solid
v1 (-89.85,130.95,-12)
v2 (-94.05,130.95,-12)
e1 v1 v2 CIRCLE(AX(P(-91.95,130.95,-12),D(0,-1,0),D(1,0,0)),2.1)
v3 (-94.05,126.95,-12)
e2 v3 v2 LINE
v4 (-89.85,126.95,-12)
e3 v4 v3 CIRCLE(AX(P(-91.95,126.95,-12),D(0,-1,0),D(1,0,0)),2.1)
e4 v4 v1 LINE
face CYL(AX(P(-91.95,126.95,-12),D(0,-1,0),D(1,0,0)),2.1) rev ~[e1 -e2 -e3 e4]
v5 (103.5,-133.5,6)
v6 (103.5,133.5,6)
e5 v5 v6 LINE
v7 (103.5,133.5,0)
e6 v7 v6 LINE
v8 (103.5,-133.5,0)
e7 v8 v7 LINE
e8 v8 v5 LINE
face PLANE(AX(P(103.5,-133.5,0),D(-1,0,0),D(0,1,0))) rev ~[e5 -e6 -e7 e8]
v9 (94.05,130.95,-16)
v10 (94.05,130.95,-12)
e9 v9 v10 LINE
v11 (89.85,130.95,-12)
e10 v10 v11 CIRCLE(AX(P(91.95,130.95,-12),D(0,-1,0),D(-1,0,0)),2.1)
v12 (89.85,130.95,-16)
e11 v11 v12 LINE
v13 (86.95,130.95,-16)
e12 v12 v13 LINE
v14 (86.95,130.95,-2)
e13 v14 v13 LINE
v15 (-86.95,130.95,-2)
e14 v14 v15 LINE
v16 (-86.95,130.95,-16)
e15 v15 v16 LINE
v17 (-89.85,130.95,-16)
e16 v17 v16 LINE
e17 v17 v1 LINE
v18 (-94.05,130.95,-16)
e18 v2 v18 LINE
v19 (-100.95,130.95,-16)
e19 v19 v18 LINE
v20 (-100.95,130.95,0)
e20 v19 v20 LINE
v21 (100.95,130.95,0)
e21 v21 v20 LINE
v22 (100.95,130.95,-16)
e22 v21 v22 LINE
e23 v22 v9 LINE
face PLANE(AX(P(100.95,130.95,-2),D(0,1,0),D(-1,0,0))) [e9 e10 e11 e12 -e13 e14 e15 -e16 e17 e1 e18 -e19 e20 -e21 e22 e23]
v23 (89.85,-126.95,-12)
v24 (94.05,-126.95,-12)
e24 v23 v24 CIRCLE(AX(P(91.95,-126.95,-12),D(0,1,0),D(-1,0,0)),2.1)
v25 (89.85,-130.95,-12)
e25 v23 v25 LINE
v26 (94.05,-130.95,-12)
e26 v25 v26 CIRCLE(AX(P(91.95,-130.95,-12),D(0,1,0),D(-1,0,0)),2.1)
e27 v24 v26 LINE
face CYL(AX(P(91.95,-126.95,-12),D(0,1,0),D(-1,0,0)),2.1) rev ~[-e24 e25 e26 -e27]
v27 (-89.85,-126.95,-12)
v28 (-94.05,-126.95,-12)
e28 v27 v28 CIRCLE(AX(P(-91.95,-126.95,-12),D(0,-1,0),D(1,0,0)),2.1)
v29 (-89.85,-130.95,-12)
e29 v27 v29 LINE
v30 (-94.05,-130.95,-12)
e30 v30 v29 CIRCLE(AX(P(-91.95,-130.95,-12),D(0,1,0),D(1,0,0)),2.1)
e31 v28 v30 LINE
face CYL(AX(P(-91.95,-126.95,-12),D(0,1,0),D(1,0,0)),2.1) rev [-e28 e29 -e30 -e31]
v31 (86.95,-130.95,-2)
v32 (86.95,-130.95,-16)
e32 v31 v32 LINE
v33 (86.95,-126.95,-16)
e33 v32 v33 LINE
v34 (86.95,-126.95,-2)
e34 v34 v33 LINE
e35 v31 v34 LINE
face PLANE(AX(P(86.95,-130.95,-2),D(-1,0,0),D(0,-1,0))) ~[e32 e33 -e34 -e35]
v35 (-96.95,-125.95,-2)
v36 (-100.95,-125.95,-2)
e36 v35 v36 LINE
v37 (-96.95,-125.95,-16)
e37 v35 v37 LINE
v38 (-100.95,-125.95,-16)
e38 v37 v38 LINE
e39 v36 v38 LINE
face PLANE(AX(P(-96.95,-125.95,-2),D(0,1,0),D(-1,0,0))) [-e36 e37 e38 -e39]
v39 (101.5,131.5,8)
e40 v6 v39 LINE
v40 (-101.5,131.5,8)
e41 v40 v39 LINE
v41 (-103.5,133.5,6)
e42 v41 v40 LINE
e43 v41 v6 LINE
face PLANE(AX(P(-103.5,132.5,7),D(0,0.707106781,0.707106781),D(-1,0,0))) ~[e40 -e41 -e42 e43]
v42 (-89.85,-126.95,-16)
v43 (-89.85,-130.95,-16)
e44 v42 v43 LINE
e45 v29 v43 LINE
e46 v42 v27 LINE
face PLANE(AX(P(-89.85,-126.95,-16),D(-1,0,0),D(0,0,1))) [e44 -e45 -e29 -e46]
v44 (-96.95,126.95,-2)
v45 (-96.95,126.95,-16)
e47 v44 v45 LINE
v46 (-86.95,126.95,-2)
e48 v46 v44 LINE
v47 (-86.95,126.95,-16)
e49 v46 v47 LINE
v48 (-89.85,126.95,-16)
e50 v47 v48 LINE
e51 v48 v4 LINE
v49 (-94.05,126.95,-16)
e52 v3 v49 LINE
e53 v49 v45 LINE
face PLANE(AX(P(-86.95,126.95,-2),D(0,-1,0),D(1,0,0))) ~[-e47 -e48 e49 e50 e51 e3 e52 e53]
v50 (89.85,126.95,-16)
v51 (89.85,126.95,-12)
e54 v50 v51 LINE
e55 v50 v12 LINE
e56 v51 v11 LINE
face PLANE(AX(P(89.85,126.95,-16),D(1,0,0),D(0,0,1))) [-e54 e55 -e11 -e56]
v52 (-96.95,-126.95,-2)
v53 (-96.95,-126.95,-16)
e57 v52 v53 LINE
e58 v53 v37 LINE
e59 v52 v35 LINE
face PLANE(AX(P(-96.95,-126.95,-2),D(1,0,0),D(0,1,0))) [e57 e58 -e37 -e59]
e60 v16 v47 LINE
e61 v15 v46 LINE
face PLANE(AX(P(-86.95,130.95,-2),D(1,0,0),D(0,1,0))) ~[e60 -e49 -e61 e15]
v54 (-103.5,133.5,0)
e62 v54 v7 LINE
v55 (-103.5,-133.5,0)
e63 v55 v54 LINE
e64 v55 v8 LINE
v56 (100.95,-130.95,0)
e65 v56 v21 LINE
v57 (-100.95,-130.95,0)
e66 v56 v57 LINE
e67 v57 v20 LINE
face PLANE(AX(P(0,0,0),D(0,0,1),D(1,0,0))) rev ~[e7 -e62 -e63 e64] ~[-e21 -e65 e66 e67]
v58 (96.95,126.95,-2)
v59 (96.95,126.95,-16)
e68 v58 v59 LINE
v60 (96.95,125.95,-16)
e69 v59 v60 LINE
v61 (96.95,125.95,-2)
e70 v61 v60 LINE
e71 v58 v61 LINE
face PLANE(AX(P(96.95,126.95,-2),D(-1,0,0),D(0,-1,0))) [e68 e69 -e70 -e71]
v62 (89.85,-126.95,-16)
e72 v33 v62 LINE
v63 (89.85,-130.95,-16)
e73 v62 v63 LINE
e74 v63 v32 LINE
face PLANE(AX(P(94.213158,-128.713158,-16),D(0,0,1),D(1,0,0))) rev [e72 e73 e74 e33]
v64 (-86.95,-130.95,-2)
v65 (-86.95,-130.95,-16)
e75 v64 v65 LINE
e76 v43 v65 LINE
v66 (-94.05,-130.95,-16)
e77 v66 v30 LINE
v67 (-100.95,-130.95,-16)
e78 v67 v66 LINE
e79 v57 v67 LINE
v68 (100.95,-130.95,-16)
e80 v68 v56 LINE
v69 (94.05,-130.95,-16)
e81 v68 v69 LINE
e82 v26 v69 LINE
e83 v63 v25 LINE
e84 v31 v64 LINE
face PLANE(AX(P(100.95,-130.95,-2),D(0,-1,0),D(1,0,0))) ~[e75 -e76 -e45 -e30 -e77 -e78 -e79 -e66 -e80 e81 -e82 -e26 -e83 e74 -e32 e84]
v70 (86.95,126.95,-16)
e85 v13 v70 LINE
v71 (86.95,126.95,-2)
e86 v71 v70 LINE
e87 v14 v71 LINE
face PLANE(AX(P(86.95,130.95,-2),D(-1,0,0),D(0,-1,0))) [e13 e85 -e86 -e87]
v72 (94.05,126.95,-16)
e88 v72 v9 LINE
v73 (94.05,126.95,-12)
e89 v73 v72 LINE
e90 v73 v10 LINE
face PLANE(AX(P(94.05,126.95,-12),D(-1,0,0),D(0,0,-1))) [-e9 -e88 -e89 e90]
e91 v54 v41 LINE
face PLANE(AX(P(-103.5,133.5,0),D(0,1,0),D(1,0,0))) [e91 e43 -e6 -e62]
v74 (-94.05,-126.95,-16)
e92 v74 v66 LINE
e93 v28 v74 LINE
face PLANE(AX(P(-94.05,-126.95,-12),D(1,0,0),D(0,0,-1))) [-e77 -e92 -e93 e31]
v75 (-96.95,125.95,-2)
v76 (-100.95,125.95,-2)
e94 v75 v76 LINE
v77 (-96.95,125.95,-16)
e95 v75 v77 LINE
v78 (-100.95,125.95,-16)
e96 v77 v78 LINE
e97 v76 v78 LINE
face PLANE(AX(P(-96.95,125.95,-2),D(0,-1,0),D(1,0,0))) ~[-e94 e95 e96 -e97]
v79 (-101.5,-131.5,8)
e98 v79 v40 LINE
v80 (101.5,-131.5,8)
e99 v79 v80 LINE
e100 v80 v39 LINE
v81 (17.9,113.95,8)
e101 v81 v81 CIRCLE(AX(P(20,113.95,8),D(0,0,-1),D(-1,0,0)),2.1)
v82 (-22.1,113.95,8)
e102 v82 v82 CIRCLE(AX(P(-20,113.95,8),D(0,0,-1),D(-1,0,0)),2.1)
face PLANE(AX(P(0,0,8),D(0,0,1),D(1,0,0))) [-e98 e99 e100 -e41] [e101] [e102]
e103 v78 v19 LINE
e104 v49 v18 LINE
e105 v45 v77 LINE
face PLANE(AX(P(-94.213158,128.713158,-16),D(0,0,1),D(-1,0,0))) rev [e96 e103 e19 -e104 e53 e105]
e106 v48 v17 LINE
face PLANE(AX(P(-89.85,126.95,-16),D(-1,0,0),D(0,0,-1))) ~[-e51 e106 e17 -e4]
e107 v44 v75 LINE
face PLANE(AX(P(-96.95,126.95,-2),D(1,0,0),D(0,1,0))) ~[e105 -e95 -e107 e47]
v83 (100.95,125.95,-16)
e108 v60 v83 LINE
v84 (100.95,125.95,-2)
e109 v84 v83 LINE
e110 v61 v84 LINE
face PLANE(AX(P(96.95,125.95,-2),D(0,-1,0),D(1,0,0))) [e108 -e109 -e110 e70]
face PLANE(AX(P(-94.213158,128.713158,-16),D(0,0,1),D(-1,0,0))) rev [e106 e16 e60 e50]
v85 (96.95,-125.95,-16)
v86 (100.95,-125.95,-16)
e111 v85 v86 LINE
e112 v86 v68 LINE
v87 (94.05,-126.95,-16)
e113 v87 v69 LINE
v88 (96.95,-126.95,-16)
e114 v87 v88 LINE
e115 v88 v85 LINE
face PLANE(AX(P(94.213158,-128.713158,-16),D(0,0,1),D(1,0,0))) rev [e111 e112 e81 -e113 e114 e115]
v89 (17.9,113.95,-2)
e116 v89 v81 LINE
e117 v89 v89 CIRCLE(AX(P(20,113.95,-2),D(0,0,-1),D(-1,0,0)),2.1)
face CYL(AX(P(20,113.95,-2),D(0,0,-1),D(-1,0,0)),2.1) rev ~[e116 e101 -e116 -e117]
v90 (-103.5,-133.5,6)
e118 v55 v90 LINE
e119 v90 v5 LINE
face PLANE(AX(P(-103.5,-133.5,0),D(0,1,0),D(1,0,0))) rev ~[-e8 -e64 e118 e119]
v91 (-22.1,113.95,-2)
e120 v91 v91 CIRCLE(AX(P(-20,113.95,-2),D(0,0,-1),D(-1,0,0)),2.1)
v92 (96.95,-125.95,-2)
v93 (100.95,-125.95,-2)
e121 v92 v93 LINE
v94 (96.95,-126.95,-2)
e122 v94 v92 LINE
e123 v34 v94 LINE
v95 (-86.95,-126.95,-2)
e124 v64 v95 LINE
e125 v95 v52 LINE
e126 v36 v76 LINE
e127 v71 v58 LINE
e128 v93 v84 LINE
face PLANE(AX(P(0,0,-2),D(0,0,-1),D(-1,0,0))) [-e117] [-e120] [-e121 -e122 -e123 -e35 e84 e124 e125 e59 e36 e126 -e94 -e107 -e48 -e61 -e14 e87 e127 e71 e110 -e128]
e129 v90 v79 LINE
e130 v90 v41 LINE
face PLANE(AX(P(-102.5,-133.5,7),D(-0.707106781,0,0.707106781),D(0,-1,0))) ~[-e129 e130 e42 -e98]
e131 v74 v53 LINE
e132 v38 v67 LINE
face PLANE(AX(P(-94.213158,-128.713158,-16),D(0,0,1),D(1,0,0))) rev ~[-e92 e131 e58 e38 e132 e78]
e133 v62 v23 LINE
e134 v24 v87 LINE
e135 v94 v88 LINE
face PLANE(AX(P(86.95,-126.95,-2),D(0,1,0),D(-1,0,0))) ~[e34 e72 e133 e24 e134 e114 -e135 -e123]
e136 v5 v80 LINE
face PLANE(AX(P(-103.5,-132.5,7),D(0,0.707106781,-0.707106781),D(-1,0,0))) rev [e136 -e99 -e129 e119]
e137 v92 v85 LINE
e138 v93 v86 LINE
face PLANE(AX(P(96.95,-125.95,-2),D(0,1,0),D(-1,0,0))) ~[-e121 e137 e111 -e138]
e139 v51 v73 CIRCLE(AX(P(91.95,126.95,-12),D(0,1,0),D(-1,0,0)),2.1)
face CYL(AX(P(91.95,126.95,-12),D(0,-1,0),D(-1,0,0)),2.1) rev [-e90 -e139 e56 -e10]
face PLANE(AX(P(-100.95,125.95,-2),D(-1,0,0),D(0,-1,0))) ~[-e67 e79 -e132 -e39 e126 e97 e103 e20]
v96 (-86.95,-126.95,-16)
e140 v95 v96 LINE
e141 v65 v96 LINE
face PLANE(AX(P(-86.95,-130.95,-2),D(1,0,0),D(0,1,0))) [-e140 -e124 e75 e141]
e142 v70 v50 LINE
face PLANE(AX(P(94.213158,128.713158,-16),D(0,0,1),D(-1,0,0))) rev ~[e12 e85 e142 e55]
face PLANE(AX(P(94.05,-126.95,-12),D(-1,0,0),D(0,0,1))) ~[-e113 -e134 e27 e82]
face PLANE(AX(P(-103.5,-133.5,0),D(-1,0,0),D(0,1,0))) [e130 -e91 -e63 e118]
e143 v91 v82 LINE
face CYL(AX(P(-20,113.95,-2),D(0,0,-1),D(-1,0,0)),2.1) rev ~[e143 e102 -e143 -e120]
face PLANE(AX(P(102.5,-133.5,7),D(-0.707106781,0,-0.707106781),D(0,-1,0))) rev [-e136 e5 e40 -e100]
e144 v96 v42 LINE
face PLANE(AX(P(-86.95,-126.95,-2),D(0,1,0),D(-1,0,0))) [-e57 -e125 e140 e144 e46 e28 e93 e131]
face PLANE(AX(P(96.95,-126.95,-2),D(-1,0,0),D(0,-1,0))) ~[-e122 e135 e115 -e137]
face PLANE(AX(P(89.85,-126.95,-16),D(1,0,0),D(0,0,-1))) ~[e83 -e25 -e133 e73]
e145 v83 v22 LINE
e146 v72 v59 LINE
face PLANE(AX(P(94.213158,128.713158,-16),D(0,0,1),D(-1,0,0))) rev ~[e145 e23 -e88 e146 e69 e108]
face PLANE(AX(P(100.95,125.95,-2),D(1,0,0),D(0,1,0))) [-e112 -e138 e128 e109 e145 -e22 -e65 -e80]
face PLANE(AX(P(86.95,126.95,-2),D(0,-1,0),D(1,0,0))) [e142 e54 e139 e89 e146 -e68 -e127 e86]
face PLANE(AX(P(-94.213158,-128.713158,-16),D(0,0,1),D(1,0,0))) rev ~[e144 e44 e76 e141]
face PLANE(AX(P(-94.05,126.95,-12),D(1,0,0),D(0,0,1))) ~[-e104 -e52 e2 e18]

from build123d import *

# Parameters (mm, degrees)
SKETCH1_W                                = 207
SKETCH1_H                                = 267
BOSS_EXTRUDE1_DEPTH                      = 8
SKETCH2_W                                = 201.9
SKETCH2_H                                = 261.9
BOSS_EXTRUDE2_DEPTH                      = 2
BOSS_EXTRUDE3_DEPTH                      = 14
CUT_EXTRUDE1_DEPTH                       = 281.717745253
MIRROR1_AT_THE_SECOND_PLANE_COPY_1_DEPTH = 14
MIRROR1_AT_THE_SECOND_PLANE_COPY_2_DEPTH = 281.717745253
SKETCH5_R                                = 2.1
CUT_EXTRUDE2_DEPTH                       = 170.500737462
CHAMFER1_SIZE                            = 2


with BuildPart() as part:
    # Sketch1 → Boss-Extrude1 (new body)
    with BuildSketch(Plane.XY):
        Rectangle(SKETCH1_W, SKETCH1_H)
    extrude(amount=BOSS_EXTRUDE1_DEPTH)

    # Sketch2 → Boss-Extrude2 (add)
    with BuildSketch(Plane(origin=(0, 0, 0), x_dir=(-1, 0, 0), z_dir=(0, 0, -1))):
        Rectangle(SKETCH2_W, SKETCH2_H)
    extrude(amount=BOSS_EXTRUDE2_DEPTH)

    # Sketch3 → Boss-Extrude3 (add)
    with BuildSketch(Plane(origin=(0, 0, -2), x_dir=(-1, 0, 0), z_dir=(0, 0, -1))):
        Polygon((86.95, -130.95), (86.95, -126.95), (96.95, -126.95), (96.95, -125.95), (100.95, -125.95), (100.95, -130.95), align=None)
    boss_extrude3 = extrude(amount=BOSS_EXTRUDE3_DEPTH)

    # Sketch4 → Cut-Extrude1 (cut, through all)
    with BuildSketch(Plane(origin=(0, -126.95, 0), x_dir=(1, 0, 0), z_dir=(0, 1, 0))):
        with BuildLine():
            Line((-89.85, 16), (-89.85, 12))
            ThreePointArc((-89.85, 12), (-91.95, 9.9), (-94.05, 12))
            Line((-94.05, 12), (-94.05, 16))
            ThreePointArc((-94.05, 16), (-91.95, 18.1), (-89.85, 16))
        make_face()
    cut_extrude1 = extrude(amount=-CUT_EXTRUDE1_DEPTH, mode=Mode.SUBTRACT)

    # Mirror1: Boss-Extrude3, Cut-Extrude1 across plane
    add(boss_extrude3.mirror(Plane.ZX))
    add(cut_extrude1.mirror(Plane.ZX), mode=Mode.SUBTRACT)

    # Mirror1 at the second plane: Boss-Extrude3, Cut-Extrude1 across plane
    add(boss_extrude3.mirror(Plane(origin=(0, 0, 0), x_dir=(0, 0, 1), z_dir=(1, 0, 0))))
    add(cut_extrude1.mirror(Plane(origin=(0, 0, 0), x_dir=(0, 0, 1), z_dir=(1, 0, 0))), mode=Mode.SUBTRACT)

    # Mirror1 at the second plane copy 1 sketc → Mirror1 at the second plane copy 1 (add)
    with BuildSketch(Plane(origin=(0, 0, -2), x_dir=(1, 0, 0), z_dir=(0, 0, -1))):
        Polygon((86.95, -130.95), (86.95, -126.95), (96.95, -126.95), (96.95, -125.95), (100.95, -125.95), (100.95, -130.95), align=None)
    extrude(amount=MIRROR1_AT_THE_SECOND_PLANE_COPY_1_DEPTH)

    # Mirror1 at the second plane copy 2 sketc → Mirror1 at the second plane copy 2 (cut, through all)
    with BuildSketch(Plane(origin=(0, 126.95, 0), x_dir=(-1, 0, 0), z_dir=(0, -1, 0))):
        with BuildLine():
            Line((-89.85, 16), (-89.85, 12))
            ThreePointArc((-89.85, 12), (-91.95, 9.9), (-94.05, 12))
            Line((-94.05, 12), (-94.05, 16))
            ThreePointArc((-94.05, 16), (-91.95, 18.1), (-89.85, 16))
        make_face()
    extrude(amount=-MIRROR1_AT_THE_SECOND_PLANE_COPY_2_DEPTH, mode=Mode.SUBTRACT)

    # Sketch5 → Cut-Extrude2 (cut, through all)
    with BuildSketch(Plane(origin=(0, 0, -2), x_dir=(-1, 0, 0), z_dir=(0, 0, -1))):
        with Locations((-20, 113.95)):
            Circle(SKETCH5_R)
        with Locations((20, 113.95)):
            Circle(SKETCH5_R)
    extrude(amount=-CUT_EXTRUDE2_DEPTH, mode=Mode.SUBTRACT)

    # Chamfer1
    chamfer1_edges = [part.edges().sort_by_distance(p)[0] for p in [
        (-103.5, 0, 8),
        (0, -133.5, 8),
        (103.5, 0, 8),
        (0, 133.5, 8),
    ]]
    chamfer(chamfer1_edges, length=CHAMFER1_SIZE)


solid = part.part
